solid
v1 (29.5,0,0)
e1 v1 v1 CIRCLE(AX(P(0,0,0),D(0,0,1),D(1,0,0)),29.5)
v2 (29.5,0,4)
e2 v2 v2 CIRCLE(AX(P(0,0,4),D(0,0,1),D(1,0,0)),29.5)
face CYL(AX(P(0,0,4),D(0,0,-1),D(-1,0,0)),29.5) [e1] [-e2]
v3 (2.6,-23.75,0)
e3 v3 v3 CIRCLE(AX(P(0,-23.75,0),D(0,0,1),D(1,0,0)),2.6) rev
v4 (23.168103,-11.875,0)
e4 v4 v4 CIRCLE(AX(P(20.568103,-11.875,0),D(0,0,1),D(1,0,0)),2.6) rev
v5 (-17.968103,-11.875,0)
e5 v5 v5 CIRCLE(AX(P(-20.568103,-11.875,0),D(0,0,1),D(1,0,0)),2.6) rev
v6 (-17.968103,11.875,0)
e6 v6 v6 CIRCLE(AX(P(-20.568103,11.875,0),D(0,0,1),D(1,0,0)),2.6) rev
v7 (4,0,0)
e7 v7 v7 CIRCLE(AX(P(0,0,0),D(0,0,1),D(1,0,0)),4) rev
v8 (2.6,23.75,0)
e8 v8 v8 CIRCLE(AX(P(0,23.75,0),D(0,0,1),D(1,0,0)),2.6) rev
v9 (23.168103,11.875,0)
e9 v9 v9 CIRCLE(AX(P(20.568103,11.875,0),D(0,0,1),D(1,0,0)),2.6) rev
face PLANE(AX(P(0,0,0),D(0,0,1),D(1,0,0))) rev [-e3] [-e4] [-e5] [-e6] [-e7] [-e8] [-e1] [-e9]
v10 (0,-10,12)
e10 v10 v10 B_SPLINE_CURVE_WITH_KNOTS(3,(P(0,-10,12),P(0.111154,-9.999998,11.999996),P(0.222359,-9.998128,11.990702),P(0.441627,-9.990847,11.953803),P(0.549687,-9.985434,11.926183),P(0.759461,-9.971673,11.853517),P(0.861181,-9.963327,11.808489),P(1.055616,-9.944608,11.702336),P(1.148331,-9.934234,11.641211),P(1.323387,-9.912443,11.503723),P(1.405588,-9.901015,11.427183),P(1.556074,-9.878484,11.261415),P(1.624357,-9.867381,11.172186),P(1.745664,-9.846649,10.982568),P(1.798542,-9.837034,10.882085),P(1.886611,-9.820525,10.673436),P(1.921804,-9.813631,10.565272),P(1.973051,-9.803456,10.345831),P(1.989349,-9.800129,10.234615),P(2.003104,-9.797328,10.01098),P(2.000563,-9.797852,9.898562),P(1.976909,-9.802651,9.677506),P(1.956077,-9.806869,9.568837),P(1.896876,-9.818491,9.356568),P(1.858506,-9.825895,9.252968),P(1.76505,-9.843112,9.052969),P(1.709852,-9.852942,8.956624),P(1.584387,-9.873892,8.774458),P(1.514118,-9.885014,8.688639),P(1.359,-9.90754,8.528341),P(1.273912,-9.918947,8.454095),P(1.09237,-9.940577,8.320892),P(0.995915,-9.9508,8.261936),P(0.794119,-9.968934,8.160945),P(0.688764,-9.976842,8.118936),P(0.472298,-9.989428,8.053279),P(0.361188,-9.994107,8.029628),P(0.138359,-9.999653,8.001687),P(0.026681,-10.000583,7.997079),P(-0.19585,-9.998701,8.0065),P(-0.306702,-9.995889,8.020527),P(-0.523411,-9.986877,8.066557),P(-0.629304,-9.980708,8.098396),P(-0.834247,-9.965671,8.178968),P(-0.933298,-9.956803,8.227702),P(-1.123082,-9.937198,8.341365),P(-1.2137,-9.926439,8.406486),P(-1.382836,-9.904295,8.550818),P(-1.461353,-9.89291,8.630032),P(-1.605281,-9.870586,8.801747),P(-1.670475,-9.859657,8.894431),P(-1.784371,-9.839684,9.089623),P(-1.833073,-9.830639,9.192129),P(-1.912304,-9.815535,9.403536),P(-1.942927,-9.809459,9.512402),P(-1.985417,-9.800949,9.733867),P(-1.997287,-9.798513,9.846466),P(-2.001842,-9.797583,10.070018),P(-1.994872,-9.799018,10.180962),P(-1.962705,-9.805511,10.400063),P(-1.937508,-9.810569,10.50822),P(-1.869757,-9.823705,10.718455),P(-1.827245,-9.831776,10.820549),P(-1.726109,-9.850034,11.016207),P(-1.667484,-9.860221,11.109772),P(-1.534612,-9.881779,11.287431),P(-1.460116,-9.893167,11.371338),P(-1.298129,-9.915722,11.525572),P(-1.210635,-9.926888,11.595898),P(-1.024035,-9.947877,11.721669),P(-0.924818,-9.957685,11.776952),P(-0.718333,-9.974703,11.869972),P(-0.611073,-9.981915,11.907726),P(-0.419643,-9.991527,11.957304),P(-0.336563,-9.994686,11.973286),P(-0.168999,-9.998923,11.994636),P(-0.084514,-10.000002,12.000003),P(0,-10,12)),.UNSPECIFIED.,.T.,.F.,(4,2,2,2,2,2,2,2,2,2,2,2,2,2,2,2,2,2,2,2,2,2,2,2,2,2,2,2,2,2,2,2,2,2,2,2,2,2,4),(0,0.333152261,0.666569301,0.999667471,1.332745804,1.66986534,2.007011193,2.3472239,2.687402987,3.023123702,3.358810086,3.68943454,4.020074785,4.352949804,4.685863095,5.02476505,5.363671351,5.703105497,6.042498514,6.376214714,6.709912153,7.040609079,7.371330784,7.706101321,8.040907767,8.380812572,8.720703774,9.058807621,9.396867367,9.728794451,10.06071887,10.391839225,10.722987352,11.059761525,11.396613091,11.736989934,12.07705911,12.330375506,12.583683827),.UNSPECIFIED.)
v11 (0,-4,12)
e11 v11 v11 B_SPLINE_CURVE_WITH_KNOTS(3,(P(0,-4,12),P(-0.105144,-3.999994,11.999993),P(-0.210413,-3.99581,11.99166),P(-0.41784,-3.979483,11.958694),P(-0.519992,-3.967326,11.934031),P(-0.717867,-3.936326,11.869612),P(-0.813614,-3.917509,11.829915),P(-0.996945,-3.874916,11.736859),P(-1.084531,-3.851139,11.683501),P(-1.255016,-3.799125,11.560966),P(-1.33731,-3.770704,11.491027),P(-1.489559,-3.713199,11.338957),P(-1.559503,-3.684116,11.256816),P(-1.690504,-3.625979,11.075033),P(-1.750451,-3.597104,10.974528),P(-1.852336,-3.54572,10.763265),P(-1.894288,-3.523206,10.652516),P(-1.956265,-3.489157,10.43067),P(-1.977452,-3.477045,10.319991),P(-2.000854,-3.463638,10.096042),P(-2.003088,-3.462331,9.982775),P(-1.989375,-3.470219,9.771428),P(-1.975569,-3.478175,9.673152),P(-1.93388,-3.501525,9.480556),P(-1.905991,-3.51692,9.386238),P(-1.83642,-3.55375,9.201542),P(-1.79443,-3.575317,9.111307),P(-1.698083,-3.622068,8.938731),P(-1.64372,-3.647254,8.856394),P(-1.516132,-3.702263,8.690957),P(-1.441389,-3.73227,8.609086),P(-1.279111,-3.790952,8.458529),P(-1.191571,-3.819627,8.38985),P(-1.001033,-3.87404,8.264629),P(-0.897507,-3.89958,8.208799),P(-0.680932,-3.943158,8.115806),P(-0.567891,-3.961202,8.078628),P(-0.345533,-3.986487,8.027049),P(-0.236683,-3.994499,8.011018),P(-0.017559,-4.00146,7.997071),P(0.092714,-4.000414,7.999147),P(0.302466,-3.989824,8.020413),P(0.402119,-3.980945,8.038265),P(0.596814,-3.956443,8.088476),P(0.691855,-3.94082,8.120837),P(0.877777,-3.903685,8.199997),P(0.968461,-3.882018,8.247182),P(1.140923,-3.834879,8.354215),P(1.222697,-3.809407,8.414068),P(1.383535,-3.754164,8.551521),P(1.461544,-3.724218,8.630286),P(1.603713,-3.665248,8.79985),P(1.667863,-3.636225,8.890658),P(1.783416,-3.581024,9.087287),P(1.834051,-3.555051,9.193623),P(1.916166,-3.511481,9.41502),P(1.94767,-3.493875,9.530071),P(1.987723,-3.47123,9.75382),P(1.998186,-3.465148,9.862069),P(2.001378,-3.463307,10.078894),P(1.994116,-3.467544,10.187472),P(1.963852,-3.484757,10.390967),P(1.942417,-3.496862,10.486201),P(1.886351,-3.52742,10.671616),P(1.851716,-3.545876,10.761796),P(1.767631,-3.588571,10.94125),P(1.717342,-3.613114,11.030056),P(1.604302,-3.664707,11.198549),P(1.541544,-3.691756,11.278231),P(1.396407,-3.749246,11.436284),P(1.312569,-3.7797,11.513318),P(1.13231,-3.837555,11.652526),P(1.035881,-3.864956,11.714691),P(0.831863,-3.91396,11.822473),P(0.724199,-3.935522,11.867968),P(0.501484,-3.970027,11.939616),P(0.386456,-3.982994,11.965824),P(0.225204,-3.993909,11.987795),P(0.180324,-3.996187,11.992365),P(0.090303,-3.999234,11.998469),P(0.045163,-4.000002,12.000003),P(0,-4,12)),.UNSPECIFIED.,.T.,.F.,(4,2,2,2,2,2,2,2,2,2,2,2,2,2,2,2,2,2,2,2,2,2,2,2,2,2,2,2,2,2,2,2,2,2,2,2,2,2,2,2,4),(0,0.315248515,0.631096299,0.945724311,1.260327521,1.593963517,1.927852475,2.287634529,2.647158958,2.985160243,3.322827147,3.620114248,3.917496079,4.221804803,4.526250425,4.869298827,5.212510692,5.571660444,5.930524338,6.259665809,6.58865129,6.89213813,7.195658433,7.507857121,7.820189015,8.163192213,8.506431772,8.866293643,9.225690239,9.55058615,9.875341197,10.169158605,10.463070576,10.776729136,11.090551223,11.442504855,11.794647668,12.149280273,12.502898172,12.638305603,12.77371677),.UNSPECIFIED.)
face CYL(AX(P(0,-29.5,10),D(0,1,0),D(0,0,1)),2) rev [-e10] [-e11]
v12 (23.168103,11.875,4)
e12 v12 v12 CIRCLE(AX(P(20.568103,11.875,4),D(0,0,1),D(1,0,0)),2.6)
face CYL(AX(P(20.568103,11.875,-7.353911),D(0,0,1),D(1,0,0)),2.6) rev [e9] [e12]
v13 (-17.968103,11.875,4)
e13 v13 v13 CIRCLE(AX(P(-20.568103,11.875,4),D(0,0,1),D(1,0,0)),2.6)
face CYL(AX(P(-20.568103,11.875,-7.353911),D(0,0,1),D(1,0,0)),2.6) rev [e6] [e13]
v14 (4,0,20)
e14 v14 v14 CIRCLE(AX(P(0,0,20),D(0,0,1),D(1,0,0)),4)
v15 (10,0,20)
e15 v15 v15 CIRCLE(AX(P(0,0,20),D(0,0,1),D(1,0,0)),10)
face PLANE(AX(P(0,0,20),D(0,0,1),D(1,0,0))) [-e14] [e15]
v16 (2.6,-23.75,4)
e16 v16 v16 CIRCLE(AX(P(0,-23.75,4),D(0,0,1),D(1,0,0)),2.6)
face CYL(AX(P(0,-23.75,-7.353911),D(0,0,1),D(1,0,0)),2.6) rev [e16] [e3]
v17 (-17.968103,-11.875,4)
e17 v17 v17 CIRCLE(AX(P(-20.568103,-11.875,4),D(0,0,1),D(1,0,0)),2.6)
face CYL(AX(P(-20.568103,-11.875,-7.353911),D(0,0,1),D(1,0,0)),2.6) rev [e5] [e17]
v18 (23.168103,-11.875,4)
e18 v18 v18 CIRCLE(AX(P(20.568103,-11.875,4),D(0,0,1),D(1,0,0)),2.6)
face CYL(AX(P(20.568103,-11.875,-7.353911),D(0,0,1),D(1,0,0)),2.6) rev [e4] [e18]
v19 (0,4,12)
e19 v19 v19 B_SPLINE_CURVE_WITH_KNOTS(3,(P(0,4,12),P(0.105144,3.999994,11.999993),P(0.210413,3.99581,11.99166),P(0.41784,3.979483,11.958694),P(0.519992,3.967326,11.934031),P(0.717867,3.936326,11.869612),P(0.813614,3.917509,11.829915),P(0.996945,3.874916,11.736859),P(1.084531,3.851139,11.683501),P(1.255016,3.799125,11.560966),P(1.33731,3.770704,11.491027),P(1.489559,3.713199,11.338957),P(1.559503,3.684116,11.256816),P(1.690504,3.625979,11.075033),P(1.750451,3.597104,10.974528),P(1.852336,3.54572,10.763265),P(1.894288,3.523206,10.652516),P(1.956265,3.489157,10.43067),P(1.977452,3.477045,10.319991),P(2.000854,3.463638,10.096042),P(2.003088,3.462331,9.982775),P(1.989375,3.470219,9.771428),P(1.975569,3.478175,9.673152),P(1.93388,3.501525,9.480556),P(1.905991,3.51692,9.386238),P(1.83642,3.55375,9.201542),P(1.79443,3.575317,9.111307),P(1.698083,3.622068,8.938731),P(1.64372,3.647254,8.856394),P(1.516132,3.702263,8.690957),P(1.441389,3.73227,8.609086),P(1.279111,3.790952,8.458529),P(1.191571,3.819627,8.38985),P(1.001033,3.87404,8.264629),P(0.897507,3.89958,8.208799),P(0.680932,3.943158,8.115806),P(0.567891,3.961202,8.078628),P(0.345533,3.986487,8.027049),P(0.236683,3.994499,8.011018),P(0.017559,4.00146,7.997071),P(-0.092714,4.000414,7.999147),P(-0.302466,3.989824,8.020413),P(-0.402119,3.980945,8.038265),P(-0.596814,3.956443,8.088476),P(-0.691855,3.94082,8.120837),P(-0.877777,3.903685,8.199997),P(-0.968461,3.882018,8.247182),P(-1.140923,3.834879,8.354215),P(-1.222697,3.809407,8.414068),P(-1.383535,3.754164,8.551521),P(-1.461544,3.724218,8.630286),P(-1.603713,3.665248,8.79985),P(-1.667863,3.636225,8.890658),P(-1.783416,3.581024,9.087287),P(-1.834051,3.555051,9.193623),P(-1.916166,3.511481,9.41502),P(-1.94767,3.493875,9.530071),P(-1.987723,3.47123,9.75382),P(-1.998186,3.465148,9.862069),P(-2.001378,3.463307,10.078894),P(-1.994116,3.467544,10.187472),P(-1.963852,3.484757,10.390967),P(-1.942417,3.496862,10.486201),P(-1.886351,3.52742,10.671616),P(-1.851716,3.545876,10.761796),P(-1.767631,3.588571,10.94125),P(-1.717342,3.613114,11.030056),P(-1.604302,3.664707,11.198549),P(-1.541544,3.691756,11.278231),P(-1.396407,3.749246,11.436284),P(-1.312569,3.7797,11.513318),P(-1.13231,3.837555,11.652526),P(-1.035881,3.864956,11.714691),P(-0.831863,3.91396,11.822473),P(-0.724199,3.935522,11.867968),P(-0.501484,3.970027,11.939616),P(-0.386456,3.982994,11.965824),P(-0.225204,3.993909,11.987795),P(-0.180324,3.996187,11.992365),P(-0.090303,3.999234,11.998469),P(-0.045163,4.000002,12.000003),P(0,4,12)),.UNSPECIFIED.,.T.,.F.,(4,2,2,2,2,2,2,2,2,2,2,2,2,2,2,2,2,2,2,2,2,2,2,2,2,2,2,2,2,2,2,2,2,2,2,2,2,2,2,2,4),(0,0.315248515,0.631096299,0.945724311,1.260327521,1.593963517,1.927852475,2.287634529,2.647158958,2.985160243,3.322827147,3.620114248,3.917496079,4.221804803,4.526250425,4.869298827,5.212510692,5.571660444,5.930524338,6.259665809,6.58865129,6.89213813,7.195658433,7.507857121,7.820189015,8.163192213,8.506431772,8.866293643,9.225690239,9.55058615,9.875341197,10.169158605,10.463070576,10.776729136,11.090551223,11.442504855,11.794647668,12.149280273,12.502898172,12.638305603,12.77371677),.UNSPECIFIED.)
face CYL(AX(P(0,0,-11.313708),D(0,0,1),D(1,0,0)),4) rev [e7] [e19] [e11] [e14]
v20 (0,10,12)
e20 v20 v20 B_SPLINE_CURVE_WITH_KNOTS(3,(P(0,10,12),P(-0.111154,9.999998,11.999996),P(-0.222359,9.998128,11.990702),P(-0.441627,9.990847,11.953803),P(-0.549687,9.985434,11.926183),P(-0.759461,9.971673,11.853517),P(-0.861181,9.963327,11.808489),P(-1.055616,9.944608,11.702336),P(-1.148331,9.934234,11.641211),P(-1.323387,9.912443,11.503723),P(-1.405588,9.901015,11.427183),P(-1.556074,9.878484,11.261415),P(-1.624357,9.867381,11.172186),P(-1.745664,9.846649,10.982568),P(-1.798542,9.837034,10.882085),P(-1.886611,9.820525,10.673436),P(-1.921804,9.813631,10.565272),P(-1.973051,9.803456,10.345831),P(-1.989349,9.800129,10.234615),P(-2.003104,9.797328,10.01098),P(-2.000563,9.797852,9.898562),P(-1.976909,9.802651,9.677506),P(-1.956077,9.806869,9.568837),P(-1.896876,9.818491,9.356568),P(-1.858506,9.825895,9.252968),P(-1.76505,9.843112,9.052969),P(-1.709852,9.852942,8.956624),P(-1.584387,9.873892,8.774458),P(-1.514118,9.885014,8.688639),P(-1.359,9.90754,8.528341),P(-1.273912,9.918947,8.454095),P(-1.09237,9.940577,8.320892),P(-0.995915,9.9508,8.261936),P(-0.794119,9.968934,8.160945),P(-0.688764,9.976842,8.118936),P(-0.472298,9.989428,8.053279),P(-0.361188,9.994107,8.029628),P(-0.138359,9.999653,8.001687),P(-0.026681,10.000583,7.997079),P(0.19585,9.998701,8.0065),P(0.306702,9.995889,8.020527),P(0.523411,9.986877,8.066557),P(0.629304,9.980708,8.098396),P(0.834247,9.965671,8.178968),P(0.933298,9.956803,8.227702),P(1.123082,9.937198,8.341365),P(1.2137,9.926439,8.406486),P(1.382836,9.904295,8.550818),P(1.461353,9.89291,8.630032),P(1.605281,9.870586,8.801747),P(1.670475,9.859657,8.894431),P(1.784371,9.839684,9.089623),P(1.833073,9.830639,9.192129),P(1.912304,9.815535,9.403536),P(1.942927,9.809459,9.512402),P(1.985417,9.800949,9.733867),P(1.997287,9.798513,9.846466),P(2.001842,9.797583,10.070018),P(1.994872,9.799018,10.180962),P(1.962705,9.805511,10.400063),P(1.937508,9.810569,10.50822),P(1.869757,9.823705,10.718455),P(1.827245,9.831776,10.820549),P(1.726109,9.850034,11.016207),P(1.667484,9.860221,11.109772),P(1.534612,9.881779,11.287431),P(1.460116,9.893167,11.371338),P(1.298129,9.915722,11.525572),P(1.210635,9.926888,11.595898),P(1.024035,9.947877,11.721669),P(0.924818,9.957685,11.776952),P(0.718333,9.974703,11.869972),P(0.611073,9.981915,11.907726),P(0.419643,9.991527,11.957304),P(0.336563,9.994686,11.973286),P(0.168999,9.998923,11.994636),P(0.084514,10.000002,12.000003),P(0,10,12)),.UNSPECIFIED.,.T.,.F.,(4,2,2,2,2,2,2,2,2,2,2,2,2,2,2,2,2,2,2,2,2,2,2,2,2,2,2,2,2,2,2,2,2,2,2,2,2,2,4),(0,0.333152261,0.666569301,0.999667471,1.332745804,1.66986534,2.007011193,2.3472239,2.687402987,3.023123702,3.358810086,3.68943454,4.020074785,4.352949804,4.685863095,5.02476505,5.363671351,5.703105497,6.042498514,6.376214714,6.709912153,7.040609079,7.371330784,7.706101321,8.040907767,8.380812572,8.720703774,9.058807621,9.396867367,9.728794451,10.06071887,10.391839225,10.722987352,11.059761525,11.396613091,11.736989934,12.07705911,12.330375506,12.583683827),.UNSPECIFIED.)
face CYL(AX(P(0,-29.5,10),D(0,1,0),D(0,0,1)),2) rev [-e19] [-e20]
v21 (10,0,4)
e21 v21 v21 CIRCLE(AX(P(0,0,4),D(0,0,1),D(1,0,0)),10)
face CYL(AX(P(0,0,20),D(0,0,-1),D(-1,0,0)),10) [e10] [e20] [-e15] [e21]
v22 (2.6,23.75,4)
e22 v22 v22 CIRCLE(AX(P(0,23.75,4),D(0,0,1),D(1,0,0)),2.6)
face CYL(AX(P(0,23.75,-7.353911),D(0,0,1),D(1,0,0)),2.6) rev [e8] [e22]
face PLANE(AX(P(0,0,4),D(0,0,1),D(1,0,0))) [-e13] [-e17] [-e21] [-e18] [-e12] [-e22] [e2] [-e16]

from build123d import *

# Parameters (mm, degrees)
SKETCH1_R               = 29.5
BOSS_EXTRUDE1_DEPTH     = 4
SKETCH2_R               = 10
BOSS_EXTRUDE2_DEPTH     = 16
SKETCH3_R               = 4
CUT_EXTRUDE1_DEPTH      = 20
SKETCH4_R               = 2.6
CUT_EXTRUDE2_DEPTH      = 4
CUT_EXTRUDE3_DEPTH      = 47.265537931
CUT_EXTRUDE3_DEPTH_BACK = 47.265537931
SKETCH5_R               = 2


with BuildPart() as part:
    # Sketch1 → Boss-Extrude1 (new body)
    with BuildSketch(Plane.XY):
        Circle(SKETCH1_R)
    extrude(amount=BOSS_EXTRUDE1_DEPTH)

    # Sketch2 → Boss-Extrude2 (add)
    with BuildSketch(Plane.XY.offset(4)):
        Circle(SKETCH2_R)
    extrude(amount=BOSS_EXTRUDE2_DEPTH)

    # Sketch3 → Cut-Extrude1 (cut)
    with BuildSketch(Plane.XY.offset(20)):
        Circle(SKETCH3_R)
    extrude(amount=-CUT_EXTRUDE1_DEPTH, mode=Mode.SUBTRACT)

    # Sketch4 → Cut-Extrude2 (cut)
    with BuildSketch(Plane.XY.offset(4)):
        with Locations((0, 23.75)):
            Circle(SKETCH4_R)
        with Locations((20.56810334, 11.875)):
            Circle(SKETCH4_R)
        with Locations((20.56810334, -11.875)):
            Circle(SKETCH4_R)
        with Locations((0, -23.75)):
            Circle(SKETCH4_R)
        with Locations((-20.56810334, -11.875)):
            Circle(SKETCH4_R)
        with Locations((-20.56810334, 11.875)):
            Circle(SKETCH4_R)
    extrude(amount=-CUT_EXTRUDE2_DEPTH, mode=Mode.SUBTRACT)

    # Sketch5 → Cut-Extrude3 (cut, two sides: drawn at the far end of the back side and taken through both)
    with BuildSketch(Plane(origin=(0, 0, 0), x_dir=(1, 0, 0), z_dir=(0, 1, 0)).offset(-CUT_EXTRUDE3_DEPTH_BACK)):
        with Locations(Location((0, -10, 0), (0, 0, 270))):
            Circle(SKETCH5_R)
    extrude(amount=CUT_EXTRUDE3_DEPTH + CUT_EXTRUDE3_DEPTH_BACK, mode=Mode.SUBTRACT)


solid = part.part
